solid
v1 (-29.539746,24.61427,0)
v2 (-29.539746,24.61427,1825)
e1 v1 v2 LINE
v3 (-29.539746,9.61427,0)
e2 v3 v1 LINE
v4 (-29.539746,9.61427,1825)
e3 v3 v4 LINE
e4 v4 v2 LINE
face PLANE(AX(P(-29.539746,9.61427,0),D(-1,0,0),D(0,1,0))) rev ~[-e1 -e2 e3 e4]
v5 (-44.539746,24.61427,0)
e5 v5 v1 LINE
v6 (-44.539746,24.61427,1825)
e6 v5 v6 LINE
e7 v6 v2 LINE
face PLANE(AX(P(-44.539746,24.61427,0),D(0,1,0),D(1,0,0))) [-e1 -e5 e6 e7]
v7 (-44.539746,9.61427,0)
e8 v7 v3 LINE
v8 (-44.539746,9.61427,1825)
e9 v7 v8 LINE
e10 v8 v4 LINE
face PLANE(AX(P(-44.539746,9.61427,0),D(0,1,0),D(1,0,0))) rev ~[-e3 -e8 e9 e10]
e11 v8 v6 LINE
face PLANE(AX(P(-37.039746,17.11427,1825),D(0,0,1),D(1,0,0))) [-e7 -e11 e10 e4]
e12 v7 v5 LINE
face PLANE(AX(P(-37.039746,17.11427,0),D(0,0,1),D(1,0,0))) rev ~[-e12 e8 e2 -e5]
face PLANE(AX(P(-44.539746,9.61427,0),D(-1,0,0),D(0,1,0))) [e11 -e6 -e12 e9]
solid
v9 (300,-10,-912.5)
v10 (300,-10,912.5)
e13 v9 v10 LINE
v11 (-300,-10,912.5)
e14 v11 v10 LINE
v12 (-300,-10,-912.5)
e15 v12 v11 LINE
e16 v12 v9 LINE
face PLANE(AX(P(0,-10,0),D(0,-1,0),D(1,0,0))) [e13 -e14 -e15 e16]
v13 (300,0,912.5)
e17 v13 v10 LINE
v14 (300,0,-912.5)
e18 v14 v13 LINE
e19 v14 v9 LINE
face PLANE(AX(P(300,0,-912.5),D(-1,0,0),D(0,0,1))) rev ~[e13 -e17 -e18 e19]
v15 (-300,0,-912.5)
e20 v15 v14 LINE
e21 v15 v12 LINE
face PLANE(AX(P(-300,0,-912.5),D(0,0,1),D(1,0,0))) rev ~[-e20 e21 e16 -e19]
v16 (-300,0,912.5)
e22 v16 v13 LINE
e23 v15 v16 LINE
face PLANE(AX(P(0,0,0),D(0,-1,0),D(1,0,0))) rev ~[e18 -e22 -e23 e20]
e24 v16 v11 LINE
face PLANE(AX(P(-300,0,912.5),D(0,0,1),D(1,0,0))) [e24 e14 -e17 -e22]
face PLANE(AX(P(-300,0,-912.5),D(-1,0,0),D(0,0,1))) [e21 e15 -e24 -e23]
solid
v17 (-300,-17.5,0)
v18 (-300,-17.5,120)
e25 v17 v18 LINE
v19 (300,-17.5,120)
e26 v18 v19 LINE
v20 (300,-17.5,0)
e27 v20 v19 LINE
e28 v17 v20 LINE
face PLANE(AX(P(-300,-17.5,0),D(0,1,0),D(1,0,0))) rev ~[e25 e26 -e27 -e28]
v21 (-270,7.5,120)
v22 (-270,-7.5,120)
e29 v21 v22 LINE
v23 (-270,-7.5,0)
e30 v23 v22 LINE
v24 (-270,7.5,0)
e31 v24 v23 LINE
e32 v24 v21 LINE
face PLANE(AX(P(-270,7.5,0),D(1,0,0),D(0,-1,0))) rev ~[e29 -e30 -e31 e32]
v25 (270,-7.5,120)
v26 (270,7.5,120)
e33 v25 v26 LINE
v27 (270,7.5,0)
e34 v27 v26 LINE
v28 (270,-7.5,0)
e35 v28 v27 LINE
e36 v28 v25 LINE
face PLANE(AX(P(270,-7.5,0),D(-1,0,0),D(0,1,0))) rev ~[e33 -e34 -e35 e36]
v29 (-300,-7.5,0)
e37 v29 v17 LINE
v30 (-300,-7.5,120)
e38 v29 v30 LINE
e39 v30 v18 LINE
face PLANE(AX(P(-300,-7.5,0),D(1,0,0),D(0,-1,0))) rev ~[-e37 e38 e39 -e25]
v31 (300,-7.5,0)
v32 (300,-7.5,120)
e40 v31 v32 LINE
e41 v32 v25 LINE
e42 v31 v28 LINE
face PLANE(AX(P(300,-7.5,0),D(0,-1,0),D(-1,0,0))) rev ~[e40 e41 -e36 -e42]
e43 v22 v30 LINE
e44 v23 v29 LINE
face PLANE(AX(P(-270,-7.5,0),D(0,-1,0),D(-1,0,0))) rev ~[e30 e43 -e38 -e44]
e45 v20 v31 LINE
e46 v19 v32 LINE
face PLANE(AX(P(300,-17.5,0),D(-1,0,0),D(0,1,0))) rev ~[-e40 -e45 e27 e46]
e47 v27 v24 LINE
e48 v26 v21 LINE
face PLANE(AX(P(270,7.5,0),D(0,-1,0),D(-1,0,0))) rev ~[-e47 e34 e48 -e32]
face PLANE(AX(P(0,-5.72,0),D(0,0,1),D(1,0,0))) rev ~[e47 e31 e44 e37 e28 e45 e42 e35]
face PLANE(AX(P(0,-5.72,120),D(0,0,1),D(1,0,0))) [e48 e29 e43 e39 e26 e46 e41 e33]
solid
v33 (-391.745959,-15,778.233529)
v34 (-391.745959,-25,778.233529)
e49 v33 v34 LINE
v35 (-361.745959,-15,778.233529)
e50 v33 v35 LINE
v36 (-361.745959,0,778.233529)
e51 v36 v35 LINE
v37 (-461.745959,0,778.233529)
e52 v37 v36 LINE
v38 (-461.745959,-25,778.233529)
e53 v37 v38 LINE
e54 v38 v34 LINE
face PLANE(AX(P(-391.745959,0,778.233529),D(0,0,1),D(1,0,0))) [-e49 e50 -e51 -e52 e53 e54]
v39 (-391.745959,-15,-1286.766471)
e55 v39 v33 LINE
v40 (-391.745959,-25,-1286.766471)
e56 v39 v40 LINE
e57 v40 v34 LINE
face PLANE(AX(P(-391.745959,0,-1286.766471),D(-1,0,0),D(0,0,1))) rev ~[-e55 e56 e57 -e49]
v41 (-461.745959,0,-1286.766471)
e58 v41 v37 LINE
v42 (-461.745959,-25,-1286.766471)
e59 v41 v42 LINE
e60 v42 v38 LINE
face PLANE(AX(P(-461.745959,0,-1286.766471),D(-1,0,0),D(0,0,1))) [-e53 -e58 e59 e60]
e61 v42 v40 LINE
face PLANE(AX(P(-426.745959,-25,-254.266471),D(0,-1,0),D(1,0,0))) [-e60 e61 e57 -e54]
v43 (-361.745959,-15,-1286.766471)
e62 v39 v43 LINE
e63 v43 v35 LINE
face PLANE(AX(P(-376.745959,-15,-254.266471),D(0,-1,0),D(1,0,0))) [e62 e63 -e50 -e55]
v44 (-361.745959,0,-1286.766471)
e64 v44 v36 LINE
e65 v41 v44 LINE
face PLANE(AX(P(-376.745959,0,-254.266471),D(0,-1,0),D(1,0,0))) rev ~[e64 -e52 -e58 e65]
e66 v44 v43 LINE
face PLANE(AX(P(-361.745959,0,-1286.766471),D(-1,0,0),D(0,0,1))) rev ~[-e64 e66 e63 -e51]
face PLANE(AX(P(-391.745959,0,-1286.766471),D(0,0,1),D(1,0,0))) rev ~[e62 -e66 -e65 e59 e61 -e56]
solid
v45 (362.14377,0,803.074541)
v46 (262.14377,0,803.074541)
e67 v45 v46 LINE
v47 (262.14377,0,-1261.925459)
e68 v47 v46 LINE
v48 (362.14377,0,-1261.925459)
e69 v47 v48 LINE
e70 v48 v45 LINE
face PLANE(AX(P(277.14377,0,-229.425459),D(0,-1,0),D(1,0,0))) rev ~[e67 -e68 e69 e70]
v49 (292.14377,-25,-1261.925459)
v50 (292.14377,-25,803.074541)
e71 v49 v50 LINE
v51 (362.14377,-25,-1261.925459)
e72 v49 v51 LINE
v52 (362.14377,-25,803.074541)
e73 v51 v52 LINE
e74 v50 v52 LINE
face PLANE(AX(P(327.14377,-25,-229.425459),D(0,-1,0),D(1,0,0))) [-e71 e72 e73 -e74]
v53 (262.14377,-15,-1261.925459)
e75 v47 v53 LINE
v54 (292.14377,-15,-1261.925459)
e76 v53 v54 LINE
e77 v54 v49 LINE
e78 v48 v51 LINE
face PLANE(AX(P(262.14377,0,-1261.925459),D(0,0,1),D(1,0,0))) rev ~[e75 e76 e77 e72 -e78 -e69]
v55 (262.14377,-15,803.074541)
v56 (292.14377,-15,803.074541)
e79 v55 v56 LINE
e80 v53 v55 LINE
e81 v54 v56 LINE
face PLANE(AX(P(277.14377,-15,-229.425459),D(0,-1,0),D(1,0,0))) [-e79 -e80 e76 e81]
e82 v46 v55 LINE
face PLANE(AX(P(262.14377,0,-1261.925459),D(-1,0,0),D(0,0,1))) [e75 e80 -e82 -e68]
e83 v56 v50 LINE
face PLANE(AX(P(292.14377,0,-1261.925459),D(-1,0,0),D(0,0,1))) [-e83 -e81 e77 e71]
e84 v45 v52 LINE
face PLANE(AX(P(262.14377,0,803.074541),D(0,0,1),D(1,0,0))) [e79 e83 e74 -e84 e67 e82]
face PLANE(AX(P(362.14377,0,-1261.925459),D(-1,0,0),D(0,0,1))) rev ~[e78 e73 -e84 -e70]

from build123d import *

# Parameters (mm, degrees)
F1_DEPTH  = 120
F2_W      = 70
F2_H      = 2065
F3_DEPTH  = 25
F2_W_2    = 30
F4_DEPTH  = 15
F5_W      = 70
F5_H      = 2065
F6_DEPTH  = 25
F5_W_2    = 30
F7_DEPTH  = 15
F8_W      = 600
F8_H      = 1825
F9_DEPTH  = 10
F10_W     = 15
F10_H     = 15
F11_DEPTH = 1825


with BuildPart() as f1:
    # F0 (on Top) → F1 (new body)
    with BuildSketch(Plane.XY):
        Polygon((270, 7.5), (-270, 7.5), (-270, -7.5), (-300, -7.5), (-300, -17.5), (300, -17.5), (300, -7.5), (270, -7.5), align=None)
    extrude(amount=F1_DEPTH)


with BuildPart() as f3:
    # F2 (on Front) → F3 (new body)
    with BuildSketch(Plane.XZ):
        with Locations((-426.7459588306, -254.2664706707)):
            Rectangle(F2_W, F2_H)
    extrude(amount=F3_DEPTH)

    # F2 (on Front) → F4 (join)
    with BuildSketch(Plane.XZ):
        with Locations((-376.7459588306, -254.2664706707)):
            Rectangle(F2_W_2, F2_H)
    extrude(amount=F4_DEPTH)


with BuildPart() as f6:
    # F5 (on Front) → F6 (new body)
    with BuildSketch(Plane.XZ):
        with Locations((327.1437698603, -229.4254589081)):
            Rectangle(F5_W, F5_H)
    extrude(amount=F6_DEPTH)

    # F5 (on Front) → F7 (join)
    with BuildSketch(Plane.XZ):
        with Locations((277.1437698603, -229.4254589081)):
            Rectangle(F5_W_2, F5_H)
    extrude(amount=F7_DEPTH)


with BuildPart() as f9:
    # F8 (on Front) → F9 (new body)
    with BuildSketch(Plane.XZ):
        Rectangle(F8_W, F8_H)
    extrude(amount=F9_DEPTH)


with BuildPart() as f11:
    # F10 (on Top) → F11 (new body)
    with BuildSketch(Plane.XY):
        with Locations((-37.039745599, 17.1142700847)):
            Rectangle(F10_W, F10_H)
    extrude(amount=F11_DEPTH)


solid = Compound([f1.part, f3.part, f6.part, f9.part, f11.part])
